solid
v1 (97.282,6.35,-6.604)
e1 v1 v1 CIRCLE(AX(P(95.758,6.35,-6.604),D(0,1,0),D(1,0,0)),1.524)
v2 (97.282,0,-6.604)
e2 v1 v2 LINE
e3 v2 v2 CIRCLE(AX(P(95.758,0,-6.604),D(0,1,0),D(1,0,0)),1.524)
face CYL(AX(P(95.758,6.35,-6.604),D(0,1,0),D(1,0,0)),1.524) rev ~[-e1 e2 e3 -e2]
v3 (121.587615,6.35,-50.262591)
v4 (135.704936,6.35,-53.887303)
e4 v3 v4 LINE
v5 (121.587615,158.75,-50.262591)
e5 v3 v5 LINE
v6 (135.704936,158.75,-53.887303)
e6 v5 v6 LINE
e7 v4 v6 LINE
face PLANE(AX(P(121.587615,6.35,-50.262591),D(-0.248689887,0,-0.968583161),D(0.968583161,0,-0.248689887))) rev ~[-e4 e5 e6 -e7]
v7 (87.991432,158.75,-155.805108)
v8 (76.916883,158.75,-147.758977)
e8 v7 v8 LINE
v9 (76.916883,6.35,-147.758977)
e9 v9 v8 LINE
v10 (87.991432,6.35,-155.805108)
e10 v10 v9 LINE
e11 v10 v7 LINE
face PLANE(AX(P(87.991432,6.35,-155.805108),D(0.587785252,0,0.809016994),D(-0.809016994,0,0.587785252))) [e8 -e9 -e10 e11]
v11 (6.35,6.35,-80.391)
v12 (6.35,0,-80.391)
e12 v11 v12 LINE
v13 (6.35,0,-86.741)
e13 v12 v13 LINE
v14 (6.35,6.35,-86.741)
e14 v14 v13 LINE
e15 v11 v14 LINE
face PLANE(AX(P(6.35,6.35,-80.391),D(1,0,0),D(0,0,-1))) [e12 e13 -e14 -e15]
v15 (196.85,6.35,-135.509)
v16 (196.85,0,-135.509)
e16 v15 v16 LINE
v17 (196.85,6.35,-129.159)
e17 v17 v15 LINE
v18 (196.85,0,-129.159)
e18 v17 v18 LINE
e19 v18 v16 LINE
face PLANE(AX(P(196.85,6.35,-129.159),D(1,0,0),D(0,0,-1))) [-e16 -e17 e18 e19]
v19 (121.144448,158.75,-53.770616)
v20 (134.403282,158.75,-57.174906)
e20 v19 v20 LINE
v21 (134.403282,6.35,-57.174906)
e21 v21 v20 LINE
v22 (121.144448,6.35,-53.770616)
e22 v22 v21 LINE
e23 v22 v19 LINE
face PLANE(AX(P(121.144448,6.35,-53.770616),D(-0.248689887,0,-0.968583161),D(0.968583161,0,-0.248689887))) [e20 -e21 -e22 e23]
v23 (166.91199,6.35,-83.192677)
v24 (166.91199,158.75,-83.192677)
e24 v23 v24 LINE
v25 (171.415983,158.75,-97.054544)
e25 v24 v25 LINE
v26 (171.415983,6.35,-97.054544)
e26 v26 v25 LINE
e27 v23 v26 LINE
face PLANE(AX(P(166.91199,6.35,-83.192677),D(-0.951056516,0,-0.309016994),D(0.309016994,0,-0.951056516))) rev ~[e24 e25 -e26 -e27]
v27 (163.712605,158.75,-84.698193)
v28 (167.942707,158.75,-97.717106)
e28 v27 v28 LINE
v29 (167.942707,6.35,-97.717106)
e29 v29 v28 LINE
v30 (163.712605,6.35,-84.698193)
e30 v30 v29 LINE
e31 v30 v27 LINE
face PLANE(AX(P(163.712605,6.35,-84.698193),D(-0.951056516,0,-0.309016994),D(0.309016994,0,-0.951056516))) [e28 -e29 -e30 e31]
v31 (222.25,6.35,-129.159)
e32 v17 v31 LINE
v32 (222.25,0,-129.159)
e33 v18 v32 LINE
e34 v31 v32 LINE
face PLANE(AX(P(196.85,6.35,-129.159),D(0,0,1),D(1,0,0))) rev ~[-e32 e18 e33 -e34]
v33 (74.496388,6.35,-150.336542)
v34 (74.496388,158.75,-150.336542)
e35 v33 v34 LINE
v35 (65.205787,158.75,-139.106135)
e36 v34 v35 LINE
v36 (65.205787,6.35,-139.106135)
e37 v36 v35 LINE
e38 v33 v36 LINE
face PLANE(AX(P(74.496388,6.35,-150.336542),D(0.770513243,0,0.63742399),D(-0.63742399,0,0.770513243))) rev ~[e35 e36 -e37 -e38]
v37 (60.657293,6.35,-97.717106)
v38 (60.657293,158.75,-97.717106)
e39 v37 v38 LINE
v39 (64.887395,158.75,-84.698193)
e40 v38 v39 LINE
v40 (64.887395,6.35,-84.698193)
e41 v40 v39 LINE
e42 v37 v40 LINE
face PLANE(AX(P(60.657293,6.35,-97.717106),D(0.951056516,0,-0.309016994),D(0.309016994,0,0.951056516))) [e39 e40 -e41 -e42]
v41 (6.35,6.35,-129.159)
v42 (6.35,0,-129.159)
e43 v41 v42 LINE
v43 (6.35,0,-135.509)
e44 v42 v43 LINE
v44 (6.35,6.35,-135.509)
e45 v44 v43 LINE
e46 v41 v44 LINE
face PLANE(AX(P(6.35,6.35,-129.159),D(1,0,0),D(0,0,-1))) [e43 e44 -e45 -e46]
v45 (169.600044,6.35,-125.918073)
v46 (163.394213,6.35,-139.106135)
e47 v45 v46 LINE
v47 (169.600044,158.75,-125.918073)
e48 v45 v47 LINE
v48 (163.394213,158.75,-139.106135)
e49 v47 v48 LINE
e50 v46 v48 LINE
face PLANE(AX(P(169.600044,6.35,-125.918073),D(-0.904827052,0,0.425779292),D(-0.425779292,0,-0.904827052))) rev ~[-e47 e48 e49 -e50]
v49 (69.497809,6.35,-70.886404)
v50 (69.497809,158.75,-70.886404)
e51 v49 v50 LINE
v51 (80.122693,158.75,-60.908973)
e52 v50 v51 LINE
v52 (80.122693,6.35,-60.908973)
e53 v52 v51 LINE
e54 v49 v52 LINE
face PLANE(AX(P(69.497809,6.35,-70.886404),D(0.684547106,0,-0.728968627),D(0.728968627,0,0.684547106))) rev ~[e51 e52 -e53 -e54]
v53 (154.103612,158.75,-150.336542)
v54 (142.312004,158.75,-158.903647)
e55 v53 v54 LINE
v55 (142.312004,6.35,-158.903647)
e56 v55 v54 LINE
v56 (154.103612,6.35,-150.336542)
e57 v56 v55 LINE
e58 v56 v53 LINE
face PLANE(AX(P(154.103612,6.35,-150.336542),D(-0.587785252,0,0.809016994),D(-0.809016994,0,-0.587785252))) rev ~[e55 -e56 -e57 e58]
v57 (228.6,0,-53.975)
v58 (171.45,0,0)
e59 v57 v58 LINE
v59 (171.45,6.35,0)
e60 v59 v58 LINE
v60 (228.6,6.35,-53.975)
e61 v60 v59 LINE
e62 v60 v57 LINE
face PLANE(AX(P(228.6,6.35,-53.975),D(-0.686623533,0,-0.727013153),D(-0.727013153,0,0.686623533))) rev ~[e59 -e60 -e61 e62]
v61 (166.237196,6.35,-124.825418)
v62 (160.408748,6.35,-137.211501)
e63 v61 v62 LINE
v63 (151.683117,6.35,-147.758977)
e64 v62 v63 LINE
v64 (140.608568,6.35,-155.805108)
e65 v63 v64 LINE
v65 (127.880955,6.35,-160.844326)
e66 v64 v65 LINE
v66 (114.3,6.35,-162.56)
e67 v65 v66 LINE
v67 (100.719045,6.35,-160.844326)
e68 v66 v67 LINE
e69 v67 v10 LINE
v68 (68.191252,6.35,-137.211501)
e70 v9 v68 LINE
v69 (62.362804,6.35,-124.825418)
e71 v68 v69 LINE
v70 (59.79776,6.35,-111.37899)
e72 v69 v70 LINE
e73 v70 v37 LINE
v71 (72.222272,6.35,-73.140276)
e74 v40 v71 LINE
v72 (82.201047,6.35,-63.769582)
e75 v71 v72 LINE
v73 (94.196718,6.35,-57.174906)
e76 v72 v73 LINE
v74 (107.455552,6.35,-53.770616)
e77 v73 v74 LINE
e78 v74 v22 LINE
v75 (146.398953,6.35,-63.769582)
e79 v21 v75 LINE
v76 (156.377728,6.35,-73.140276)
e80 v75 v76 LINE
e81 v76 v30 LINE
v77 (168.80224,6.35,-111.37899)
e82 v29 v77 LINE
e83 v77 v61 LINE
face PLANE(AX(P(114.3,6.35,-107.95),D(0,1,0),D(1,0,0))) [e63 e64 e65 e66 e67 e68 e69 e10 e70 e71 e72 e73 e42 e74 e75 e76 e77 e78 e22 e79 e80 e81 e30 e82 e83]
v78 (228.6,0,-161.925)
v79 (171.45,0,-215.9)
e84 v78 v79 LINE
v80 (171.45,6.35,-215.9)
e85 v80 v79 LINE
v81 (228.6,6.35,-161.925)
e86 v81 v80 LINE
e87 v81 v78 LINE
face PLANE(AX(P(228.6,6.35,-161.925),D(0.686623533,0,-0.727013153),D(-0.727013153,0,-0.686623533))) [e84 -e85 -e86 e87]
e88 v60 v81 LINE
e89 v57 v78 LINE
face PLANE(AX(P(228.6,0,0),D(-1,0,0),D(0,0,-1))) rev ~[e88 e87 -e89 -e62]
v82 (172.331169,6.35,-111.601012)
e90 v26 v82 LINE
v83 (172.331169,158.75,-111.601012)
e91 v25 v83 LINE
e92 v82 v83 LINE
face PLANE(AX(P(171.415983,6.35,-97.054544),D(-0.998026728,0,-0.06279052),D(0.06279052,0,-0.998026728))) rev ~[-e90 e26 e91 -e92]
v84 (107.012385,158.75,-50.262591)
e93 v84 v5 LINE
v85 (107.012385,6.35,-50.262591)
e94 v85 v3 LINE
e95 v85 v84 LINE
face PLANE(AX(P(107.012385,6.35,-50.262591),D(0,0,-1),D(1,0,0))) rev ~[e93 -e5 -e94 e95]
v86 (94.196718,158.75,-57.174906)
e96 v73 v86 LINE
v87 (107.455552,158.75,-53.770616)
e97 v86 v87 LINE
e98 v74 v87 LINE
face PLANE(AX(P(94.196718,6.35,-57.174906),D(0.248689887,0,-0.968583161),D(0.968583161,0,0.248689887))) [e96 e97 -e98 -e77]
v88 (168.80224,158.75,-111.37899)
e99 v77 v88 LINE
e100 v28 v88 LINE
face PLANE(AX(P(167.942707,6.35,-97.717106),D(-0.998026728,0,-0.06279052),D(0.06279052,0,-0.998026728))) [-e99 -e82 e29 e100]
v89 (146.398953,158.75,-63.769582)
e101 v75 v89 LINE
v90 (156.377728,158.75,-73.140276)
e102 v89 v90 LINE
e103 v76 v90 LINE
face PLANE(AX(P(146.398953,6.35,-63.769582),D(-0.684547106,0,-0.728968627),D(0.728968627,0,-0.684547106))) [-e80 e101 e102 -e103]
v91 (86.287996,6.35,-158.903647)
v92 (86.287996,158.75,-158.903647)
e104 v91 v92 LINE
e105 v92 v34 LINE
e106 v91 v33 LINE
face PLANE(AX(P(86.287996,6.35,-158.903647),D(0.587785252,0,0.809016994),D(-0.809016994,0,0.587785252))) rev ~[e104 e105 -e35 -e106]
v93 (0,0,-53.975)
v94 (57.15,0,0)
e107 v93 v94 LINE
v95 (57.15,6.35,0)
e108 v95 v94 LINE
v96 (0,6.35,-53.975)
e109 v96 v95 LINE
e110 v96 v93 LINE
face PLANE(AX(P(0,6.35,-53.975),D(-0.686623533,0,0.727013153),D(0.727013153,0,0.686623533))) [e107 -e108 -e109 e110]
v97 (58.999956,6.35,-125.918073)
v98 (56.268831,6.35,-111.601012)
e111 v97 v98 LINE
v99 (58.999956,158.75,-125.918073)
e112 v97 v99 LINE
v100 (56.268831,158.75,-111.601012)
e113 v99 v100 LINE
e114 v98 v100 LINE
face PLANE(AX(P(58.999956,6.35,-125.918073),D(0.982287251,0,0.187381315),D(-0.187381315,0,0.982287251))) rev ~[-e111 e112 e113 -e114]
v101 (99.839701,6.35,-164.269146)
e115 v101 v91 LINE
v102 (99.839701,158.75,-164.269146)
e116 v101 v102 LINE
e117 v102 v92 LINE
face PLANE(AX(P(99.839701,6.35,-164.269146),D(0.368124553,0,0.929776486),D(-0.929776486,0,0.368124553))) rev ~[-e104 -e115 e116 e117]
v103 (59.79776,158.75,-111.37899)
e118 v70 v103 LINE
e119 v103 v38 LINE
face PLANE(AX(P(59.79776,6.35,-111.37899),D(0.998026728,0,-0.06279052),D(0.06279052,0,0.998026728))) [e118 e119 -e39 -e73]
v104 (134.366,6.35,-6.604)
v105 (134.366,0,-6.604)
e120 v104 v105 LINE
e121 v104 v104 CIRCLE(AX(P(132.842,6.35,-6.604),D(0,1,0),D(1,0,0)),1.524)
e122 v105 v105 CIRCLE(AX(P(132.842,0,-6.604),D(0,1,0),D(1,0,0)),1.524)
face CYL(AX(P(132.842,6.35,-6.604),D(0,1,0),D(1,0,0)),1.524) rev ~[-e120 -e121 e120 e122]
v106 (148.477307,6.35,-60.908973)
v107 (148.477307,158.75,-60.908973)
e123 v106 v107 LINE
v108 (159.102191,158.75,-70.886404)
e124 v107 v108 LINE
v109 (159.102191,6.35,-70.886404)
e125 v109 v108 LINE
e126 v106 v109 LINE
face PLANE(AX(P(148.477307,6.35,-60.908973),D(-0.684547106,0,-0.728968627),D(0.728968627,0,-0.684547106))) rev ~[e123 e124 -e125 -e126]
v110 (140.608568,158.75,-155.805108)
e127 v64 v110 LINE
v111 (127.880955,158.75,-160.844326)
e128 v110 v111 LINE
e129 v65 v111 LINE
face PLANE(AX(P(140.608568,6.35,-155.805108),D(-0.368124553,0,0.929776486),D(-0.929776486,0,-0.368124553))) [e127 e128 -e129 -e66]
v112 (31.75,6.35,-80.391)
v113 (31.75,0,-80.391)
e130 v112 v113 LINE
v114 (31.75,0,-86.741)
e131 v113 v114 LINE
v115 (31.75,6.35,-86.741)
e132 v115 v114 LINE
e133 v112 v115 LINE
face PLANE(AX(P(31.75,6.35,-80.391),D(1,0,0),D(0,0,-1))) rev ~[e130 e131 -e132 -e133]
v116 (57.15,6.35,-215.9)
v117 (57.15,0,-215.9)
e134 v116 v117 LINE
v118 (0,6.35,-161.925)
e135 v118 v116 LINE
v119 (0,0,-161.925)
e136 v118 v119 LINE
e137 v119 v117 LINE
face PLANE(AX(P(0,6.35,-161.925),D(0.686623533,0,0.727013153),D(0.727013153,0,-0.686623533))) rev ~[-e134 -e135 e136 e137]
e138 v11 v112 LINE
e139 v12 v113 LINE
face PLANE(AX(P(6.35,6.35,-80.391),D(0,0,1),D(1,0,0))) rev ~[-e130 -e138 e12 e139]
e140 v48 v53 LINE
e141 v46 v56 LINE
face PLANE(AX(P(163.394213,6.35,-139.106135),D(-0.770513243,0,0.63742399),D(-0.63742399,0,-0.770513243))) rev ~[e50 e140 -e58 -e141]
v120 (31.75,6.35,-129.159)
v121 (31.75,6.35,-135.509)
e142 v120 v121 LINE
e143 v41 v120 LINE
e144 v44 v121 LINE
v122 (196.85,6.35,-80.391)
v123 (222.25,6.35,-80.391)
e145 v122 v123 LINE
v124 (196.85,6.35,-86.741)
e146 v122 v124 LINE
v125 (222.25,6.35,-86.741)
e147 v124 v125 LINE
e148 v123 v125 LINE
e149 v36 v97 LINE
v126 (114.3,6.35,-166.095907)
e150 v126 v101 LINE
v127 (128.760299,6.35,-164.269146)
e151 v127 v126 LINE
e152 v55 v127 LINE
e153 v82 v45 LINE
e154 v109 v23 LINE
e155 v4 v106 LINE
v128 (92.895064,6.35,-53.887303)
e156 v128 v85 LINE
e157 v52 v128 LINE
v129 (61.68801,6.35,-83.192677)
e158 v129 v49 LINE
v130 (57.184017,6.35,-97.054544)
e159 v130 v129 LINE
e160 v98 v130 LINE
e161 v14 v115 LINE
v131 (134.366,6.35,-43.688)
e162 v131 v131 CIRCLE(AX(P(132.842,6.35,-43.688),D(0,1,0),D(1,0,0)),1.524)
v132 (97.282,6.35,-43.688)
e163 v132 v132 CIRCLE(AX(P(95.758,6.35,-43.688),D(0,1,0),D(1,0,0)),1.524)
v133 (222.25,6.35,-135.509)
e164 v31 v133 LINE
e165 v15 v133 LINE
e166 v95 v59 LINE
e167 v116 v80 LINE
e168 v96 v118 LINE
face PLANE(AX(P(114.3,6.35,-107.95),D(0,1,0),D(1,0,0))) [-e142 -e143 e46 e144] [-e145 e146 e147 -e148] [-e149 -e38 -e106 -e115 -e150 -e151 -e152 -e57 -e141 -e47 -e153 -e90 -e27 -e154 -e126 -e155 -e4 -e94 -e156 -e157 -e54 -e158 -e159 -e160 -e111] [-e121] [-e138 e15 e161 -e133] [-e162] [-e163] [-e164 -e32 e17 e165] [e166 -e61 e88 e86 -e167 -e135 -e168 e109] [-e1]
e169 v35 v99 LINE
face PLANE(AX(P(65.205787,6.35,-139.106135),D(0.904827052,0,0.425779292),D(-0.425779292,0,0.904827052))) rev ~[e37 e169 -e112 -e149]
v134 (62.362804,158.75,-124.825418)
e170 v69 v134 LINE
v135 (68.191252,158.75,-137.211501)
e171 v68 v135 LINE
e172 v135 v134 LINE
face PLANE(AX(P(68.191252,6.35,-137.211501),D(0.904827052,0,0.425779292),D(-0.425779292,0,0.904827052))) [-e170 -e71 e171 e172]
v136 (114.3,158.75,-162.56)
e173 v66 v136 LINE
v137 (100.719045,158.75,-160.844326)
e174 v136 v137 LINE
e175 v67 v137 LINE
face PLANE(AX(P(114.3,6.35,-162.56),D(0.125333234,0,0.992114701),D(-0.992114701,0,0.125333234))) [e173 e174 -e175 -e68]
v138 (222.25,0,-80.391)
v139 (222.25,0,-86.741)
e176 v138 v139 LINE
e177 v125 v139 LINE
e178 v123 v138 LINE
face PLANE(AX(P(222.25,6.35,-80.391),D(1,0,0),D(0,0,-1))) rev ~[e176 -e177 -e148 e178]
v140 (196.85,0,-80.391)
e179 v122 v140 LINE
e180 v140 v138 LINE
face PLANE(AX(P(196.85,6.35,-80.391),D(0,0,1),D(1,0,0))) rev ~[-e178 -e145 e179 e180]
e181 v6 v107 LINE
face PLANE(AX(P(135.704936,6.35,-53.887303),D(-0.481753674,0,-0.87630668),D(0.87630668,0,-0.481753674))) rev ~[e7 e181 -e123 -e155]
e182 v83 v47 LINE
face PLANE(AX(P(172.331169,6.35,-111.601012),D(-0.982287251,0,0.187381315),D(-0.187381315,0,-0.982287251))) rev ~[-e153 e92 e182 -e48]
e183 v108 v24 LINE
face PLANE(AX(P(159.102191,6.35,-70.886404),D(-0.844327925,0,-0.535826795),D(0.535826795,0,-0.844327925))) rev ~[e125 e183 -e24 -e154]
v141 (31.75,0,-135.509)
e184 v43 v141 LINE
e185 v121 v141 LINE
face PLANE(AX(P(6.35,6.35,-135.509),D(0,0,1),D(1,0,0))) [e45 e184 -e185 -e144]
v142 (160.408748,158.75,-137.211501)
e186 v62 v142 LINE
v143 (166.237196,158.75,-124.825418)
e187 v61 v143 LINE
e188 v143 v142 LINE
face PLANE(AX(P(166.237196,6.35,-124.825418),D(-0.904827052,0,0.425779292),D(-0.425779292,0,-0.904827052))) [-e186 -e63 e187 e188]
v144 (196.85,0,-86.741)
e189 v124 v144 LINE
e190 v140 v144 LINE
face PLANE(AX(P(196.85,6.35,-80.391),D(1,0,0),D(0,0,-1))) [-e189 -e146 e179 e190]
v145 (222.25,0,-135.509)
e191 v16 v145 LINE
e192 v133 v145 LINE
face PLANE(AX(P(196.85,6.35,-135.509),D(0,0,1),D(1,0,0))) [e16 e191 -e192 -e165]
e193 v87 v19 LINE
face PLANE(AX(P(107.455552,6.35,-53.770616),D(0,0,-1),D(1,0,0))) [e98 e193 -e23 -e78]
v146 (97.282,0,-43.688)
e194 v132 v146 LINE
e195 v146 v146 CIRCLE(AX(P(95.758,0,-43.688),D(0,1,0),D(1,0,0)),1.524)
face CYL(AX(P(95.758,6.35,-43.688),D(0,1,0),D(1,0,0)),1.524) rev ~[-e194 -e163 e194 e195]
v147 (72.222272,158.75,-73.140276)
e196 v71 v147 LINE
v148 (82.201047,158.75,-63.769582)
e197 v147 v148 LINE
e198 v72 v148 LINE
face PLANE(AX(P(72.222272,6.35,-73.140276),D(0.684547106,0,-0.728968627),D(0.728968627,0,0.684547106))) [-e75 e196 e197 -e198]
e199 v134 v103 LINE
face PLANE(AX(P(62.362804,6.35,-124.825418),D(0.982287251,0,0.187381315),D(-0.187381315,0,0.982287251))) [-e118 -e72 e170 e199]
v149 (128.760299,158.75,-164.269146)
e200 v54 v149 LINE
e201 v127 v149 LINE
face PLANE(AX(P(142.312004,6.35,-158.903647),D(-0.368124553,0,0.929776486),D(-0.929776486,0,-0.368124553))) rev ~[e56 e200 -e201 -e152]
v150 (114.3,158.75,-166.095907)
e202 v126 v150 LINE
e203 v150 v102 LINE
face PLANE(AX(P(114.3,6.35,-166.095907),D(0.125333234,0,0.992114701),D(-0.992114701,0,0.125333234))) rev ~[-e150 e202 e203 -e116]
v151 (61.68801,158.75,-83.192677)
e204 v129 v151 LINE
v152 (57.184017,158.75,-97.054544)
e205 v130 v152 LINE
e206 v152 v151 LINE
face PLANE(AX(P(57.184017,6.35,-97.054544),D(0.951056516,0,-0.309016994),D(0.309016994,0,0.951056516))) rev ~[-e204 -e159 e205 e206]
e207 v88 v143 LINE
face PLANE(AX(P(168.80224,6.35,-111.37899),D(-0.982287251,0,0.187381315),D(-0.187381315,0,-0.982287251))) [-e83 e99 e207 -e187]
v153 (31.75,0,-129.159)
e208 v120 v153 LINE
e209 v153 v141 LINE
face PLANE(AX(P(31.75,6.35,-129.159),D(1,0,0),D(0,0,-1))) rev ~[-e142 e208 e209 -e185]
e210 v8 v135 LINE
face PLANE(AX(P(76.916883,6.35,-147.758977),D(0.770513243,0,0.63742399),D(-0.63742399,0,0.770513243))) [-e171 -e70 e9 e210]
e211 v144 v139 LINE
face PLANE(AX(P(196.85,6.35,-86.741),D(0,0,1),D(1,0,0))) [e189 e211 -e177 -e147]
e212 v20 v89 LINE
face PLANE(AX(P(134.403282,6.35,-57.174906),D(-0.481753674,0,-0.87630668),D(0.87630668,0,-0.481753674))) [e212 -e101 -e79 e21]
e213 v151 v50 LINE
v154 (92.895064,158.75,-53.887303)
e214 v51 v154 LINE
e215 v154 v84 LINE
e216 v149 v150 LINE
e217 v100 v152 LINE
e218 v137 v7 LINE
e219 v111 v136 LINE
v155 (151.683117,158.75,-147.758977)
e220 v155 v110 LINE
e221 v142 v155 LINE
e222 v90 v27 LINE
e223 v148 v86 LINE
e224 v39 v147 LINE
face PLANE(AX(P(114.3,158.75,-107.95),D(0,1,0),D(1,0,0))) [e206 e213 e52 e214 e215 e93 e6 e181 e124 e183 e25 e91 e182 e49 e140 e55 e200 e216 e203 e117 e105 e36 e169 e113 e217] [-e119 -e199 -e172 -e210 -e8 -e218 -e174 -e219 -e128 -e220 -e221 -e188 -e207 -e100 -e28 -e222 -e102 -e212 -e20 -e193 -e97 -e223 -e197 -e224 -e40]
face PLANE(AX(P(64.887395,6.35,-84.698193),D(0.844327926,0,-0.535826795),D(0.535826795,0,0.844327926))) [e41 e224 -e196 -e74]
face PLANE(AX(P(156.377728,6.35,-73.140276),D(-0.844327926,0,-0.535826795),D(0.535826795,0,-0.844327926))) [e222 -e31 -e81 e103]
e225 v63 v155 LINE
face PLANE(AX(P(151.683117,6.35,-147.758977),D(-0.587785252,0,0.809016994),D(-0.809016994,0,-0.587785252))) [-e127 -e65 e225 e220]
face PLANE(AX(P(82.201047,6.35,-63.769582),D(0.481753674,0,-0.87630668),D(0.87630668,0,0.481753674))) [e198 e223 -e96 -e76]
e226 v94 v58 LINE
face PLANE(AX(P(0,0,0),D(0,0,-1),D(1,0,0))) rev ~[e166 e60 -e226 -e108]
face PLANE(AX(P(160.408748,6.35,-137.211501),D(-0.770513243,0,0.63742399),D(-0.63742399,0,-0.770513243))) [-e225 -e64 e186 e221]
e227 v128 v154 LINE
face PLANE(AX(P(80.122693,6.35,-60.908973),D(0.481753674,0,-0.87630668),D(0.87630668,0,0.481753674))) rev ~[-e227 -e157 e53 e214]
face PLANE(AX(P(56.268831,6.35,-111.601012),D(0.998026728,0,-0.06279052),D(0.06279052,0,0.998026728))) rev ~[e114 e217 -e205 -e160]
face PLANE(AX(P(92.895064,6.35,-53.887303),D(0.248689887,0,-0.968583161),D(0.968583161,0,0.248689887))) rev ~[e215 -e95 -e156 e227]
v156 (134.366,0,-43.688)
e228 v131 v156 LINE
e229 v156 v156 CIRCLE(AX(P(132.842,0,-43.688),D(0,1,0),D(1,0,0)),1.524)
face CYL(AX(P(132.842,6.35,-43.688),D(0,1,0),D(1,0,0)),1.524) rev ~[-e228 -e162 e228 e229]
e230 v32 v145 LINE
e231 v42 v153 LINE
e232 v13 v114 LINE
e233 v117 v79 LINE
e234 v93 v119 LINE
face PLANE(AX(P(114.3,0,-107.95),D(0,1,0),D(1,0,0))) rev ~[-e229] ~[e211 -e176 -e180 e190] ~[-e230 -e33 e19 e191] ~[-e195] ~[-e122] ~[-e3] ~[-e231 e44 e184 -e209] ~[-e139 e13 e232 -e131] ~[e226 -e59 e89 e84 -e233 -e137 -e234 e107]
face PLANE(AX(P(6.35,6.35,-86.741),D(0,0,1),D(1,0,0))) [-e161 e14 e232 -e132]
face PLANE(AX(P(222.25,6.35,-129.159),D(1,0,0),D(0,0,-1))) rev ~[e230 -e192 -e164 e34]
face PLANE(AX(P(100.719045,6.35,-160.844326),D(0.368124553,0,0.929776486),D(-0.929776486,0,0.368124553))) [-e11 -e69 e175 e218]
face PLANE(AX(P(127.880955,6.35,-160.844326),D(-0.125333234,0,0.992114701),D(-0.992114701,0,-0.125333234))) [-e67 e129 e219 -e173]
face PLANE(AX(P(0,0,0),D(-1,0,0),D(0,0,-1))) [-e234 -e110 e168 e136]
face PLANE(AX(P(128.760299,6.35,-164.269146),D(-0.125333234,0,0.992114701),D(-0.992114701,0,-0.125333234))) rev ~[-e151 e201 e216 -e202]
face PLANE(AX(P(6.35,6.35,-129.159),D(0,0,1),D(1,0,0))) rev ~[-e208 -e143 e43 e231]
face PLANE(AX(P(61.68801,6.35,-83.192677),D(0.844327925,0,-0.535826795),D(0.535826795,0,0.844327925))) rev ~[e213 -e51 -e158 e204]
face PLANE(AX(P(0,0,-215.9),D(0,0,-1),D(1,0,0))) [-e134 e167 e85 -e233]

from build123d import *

# Parameters (mm, degrees)
SKETCH1_W           = 228.6
SKETCH1_H           = 215.9
BOSS_EXTRUDE1_DEPTH = 6.35
SKETCH8_W           = 25.4
SKETCH8_H           = 6.35
CUT_EXTRUDE2_DEPTH  = 7.35
SKETCH11_R          = 1.524
CUT_EXTRUDE4_DEPTH  = 7.35
CUT_EXTRUDE5_DEPTH  = 7.35
BOSS_EXTRUDE3_DEPTH = 152.4


with BuildPart() as part:
    # Sketch1 → Boss-Extrude1 (new body)
    with BuildSketch(Plane(origin=(0, 0, 0), x_dir=(1, 0, 0), z_dir=(0, 1, 0))):
        with Locations((114.3, 107.95)):
            Rectangle(SKETCH1_W, SKETCH1_H)
    extrude(amount=BOSS_EXTRUDE1_DEPTH)

    # Sketch8 → Cut-Extrude2 (cut, through all)
    with BuildSketch(Plane(origin=(0, 6.35, 0), x_dir=(1, 0, 0), z_dir=(0, 1, 0))):
        with Locations((19.05, 132.334)):
            Rectangle(SKETCH8_W, SKETCH8_H)
        with Locations((209.55, 132.334)):
            Rectangle(SKETCH8_W, SKETCH8_H)
        with Locations((209.55, 83.566)):
            Rectangle(SKETCH8_W, SKETCH8_H)
        with Locations((19.05, 83.566)):
            Rectangle(SKETCH8_W, SKETCH8_H)
    extrude(amount=-CUT_EXTRUDE2_DEPTH, mode=Mode.SUBTRACT)

    # Sketch11 → Cut-Extrude4 (cut, through all)
    with BuildSketch(Plane(origin=(0, 6.35, 0), x_dir=(1, 0, 0), z_dir=(0, 1, 0))):
        with Locations((95.758, 6.604)):
            Circle(SKETCH11_R)
        with Locations((132.842, 6.604)):
            Circle(SKETCH11_R)
        with Locations((132.842, 43.688)):
            Circle(SKETCH11_R)
        with Locations((95.758, 43.688)):
            Circle(SKETCH11_R)
    extrude(amount=-CUT_EXTRUDE4_DEPTH, mode=Mode.SUBTRACT)

    # Sketch13 → Cut-Extrude5 (cut, through all)
    with BuildSketch(Plane(origin=(0, 6.35, 0), x_dir=(1, 0, 0), z_dir=(0, 1, 0))):
        Polygon((0, 215.9), (0, 161.925), (57.15, 215.9), align=None)
        Polygon((228.6, 161.925), (171.45, 215.9), (228.6, 215.9), align=None)
        Polygon((228.6, 0), (228.6, 53.975), (171.45, 0), align=None)
        Polygon((0, 53.975), (57.15, 0), (0, 0), align=None)
    extrude(amount=-CUT_EXTRUDE5_DEPTH, mode=Mode.SUBTRACT)

    # Sketch18 → Boss-Extrude3 (add)
    with BuildSketch(Plane(origin=(0, 6.35, 0), x_dir=(1, 0, 0), z_dir=(0, 1, 0))):
        Polygon((114.3, 166.095906935), (99.839700965, 164.269146346), (86.2879957, 158.903646664), (74.496387686, 150.336541968), (65.205787021, 139.106134954), (58.999956314, 125.918073396), (56.26883073, 111.601011705), (57.184016936, 97.054543521), (61.688010415, 83.192676938), (69.497808694, 70.886404014), (80.122693423, 60.908973136), (92.895064019, 53.887302981), (107.012385465, 50.262590909), (121.587614535, 50.262590909), (135.704935981, 53.887302981), (148.477306577, 60.908973136), (159.102191306, 70.886404014), (166.911989585, 83.192676938), (171.415983064, 97.054543521), (172.33116927, 111.601011705), (169.600043686, 125.918073396), (163.394212979, 139.106134954), (154.103612314, 150.336541968), (142.3120043, 158.903646664), (128.760299035, 164.269146346), align=None)
        Polygon((114.3, 162.56), (100.719045262, 160.844326429), (87.991431857, 155.805107797), (76.916882545, 147.758976743), (68.191251988, 137.211501274), (62.362803645, 124.825418063), (59.797760361, 111.378990271), (60.657293238, 97.71710641), (64.887394665, 84.698192888), (72.222271812, 73.14027592), (82.201047372, 63.769581937), (94.196718178, 57.174906106), (107.455552115, 53.770616161), (121.144447885, 53.770616161), (134.403281822, 57.174906106), (146.398952628, 63.769581937), (156.377728188, 73.14027592), (163.712605335, 84.698192888), (167.942706762, 97.71710641), (168.802239639, 111.378990271), (166.237196355, 124.825418063), (160.408748012, 137.211501274), (151.683117455, 147.758976743), (140.608568143, 155.805107797), (127.880954738, 160.844326429), align=None, mode=Mode.SUBTRACT)
    extrude(amount=BOSS_EXTRUDE3_DEPTH)


solid = part.part
